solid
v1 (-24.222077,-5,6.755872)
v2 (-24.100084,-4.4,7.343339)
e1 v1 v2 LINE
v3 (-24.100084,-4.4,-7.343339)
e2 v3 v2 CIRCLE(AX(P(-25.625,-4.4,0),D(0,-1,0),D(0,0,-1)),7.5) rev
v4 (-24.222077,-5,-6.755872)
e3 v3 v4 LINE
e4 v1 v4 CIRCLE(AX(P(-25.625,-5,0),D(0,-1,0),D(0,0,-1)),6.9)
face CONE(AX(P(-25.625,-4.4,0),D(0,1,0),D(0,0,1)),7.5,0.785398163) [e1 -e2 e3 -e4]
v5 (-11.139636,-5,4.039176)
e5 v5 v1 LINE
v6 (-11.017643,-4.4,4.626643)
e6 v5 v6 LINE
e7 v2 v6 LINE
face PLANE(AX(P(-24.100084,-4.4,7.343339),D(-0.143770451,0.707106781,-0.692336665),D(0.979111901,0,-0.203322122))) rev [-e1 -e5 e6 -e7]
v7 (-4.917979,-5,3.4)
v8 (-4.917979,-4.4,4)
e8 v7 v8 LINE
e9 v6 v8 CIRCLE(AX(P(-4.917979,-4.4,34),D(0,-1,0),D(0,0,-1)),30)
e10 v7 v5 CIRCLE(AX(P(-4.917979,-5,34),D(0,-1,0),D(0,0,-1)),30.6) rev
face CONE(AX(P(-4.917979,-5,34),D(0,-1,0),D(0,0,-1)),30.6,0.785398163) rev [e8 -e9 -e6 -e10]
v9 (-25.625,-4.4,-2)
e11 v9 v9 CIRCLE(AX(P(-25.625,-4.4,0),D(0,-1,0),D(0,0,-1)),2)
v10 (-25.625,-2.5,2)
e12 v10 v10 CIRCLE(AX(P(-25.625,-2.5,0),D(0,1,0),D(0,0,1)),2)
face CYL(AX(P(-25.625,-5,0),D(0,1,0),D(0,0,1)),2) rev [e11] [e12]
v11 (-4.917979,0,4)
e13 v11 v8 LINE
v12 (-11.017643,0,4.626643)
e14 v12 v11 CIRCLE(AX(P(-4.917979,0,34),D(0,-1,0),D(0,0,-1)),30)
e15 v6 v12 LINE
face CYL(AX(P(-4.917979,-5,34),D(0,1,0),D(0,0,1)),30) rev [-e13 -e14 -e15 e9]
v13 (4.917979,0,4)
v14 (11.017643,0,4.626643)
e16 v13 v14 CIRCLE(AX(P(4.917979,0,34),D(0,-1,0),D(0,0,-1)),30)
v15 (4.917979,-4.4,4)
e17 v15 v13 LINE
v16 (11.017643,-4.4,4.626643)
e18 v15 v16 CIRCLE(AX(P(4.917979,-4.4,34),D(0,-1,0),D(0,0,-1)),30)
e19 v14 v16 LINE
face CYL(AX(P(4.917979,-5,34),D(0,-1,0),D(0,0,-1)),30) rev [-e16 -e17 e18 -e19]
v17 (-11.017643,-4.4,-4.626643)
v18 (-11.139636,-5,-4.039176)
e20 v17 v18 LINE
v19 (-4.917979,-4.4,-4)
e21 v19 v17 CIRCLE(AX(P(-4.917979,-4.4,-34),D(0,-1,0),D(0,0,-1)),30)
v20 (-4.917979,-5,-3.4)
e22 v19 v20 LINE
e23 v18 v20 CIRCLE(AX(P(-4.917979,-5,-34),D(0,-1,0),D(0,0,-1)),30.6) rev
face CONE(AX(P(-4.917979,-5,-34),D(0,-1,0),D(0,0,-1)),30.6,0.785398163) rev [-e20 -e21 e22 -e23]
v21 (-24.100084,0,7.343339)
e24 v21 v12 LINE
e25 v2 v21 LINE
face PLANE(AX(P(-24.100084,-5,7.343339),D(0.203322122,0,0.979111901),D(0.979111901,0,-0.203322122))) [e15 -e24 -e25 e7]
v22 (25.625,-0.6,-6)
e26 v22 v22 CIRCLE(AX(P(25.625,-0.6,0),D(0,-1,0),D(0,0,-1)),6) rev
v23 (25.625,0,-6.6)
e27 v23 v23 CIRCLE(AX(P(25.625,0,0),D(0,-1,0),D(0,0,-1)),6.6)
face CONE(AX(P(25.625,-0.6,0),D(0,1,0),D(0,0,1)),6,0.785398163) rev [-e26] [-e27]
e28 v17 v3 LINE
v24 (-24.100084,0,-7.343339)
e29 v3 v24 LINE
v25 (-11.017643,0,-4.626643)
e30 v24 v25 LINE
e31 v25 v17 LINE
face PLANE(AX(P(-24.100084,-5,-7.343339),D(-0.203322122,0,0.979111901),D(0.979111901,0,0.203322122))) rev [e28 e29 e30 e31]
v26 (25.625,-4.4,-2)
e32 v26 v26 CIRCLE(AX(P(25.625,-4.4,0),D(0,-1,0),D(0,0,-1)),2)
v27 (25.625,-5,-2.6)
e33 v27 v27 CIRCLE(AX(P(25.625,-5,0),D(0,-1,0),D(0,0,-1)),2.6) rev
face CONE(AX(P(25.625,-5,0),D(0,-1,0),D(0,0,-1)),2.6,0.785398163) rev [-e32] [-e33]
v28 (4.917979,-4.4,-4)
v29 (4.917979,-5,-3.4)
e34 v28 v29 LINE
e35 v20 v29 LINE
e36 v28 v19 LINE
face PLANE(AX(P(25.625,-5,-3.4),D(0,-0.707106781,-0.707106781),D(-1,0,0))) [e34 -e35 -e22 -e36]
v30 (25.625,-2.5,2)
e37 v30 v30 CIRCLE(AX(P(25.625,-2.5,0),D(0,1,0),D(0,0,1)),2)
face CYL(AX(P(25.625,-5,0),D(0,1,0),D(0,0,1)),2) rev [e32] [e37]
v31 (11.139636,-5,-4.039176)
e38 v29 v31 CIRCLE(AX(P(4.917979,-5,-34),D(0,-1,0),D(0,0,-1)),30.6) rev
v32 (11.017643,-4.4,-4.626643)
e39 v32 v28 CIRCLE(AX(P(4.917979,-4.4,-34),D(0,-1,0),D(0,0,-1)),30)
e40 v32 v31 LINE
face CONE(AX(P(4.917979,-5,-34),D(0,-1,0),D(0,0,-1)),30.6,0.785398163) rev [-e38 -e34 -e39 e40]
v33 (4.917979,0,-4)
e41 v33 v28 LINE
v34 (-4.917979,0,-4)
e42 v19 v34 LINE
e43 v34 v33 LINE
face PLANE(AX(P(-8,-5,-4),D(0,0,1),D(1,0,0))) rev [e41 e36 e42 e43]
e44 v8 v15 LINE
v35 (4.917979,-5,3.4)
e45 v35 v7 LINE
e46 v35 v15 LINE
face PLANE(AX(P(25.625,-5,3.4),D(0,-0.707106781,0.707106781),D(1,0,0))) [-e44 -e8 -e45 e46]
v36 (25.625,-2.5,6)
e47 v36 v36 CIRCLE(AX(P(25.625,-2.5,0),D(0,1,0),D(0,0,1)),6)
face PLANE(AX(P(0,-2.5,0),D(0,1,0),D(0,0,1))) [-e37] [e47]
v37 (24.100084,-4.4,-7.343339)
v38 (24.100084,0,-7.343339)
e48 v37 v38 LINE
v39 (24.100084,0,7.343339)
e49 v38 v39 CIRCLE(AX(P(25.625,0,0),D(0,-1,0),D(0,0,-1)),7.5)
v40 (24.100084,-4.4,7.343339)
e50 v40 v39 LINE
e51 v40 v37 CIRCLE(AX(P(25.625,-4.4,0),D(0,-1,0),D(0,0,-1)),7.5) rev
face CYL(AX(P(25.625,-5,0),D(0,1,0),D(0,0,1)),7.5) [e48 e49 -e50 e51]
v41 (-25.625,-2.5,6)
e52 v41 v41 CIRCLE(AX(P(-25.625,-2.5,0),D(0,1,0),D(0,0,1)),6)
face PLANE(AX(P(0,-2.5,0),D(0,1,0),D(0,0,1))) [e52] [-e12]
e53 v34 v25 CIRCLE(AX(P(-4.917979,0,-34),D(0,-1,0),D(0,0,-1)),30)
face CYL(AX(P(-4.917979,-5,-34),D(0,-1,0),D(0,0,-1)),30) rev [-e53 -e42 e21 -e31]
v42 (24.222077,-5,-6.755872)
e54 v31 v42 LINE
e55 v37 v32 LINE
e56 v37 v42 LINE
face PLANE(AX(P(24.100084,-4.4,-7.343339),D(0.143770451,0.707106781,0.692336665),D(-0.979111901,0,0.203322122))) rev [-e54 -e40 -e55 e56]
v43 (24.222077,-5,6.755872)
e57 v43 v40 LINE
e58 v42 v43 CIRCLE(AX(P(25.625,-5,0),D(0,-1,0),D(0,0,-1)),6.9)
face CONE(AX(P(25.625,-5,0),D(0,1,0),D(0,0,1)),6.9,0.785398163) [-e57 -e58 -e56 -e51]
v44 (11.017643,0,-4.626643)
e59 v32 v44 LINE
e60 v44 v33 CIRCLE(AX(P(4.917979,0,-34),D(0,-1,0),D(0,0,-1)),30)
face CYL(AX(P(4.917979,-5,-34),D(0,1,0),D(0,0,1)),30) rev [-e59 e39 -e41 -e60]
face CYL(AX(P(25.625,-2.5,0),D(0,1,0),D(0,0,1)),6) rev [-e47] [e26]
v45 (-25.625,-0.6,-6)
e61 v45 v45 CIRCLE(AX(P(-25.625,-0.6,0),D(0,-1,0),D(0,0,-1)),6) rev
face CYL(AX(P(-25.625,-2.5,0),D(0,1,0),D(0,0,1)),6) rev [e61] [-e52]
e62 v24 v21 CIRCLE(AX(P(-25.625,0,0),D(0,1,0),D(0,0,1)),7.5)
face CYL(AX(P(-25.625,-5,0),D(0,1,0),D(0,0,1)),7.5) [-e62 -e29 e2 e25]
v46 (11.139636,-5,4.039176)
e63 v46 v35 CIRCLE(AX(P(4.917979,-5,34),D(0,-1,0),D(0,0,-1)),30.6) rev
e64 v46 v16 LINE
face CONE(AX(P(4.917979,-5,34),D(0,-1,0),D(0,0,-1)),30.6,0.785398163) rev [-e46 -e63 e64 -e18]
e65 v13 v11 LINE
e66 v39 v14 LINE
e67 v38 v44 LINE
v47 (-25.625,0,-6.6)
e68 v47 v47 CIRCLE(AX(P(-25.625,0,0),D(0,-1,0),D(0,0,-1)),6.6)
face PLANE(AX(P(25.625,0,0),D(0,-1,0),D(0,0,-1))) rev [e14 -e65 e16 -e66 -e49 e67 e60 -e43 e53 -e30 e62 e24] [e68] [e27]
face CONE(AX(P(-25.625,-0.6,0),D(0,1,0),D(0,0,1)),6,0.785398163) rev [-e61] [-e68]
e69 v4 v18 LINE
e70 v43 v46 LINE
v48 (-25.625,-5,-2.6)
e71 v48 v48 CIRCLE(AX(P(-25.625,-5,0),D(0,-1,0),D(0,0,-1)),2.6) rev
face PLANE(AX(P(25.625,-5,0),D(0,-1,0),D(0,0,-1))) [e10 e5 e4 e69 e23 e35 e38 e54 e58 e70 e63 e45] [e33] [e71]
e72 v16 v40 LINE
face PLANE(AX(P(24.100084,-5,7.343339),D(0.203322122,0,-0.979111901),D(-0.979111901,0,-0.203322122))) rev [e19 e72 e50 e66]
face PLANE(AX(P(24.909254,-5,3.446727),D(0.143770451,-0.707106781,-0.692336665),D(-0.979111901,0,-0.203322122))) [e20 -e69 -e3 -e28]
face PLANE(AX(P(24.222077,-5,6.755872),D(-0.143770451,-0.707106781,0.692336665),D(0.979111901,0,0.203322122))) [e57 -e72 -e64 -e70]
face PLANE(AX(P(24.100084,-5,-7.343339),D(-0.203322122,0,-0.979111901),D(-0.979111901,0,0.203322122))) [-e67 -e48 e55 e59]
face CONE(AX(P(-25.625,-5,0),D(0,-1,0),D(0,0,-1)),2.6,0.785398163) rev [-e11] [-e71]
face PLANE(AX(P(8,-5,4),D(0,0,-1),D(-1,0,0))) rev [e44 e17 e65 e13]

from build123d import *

# Parameters (mm, degrees)
SKETCH1_R           = 2
BOSS_EXTRUDE1_DEPTH = 5
SKETCH1_3_R         = 6
SKETCH1_3_R_2       = 2
CUT_EXTRUDE1_DEPTH  = 2.5
FILLET1_R           = 30
CHAMFER1_SIZE       = 0.6
CHAMFER2_SIZE       = 0.6


with BuildPart() as part:
    # Sketch1 → Boss-Extrude1 (new body)
    with BuildSketch(Plane(origin=(0, 0, 0), x_dir=(1, 0, 0), z_dir=(0, 1, 0))):
        with BuildLine():
            Line((8, 4), (-8, 4))
            Line((-8, 4), (-24.100084087, 7.343339258))
            ThreePointArc((-24.100084087, 7.343339258), (-33.125, 0), (-24.100084087, -7.343339258))
            Line((-24.100084087, -7.343339258), (-8, -4))
            Line((-8, -4), (8, -4))
            Line((8, -4), (24.100084087, -7.343339258))
            ThreePointArc((24.100084087, -7.343339258), (33.125, 0), (24.100084087, 7.343339258))
            Line((24.100084087, 7.343339258), (8, 4))
        make_face()
        with Locations((-25.625, 0)):
            Circle(SKETCH1_R, mode=Mode.SUBTRACT)
        with Locations((25.625, 0)):
            Circle(SKETCH1_R, mode=Mode.SUBTRACT)
    extrude(amount=-BOSS_EXTRUDE1_DEPTH)

    # Sketch1<3> → Cut-Extrude1 (cut)
    # profile 1 of 2: a face of its own
    with BuildSketch(Plane(origin=(0, 0, 0), x_dir=(1, 0, 0), z_dir=(0, 1, 0))):
        with Locations((-25.625, 0)):
            Circle(SKETCH1_3_R)
        with Locations((-25.625, 0)):
            Circle(SKETCH1_3_R_2, mode=Mode.SUBTRACT)
    # profile 2 of 2: a face of its own
    with BuildSketch(Plane(origin=(0, 0, 0), x_dir=(1, 0, 0), z_dir=(0, 1, 0))):
        with Locations((25.625, 0)):
            Circle(SKETCH1_3_R)
        with Locations((25.625, 0)):
            Circle(SKETCH1_3_R_2, mode=Mode.SUBTRACT)
    extrude(amount=-CUT_EXTRUDE1_DEPTH, mode=Mode.SUBTRACT)

    # Fillet1
    fillet1_edges = [part.edges().sort_by_distance(p)[0] for p in [
        (8, -2.5, -4),
        (-8, -2.5, -4),
        (8, -2.5, 4),
        (-8, -2.5, 4),
    ]]
    fillet(fillet1_edges, radius=FILLET1_R)

    # Chamfer1
    chamfer1_edges = [part.edges().sort_by_distance(p)[0] for p in [
        (-33.125, -5, 0),
        (-17.558863569, -5, 5.984991113),
        (0, -5, 4),
        (17.558863569, -5, 5.984991113),
        (33.125, -5, 0),
        (17.558863569, -5, -5.984991113),
        (0, -5, -4),
        (-17.558863569, -5, -5.984991113),
        (-27.625, -5, 0),
        (23.625, -5, 0),
        (-7.983863369, -5, 4.157071935),
        (7.983863369, -5, 4.157071935),
        (7.983863369, -5, -4.157071935),
        (-7.983863369, -5, -4.157071935),
    ]]
    chamfer(chamfer1_edges, length=CHAMFER1_SIZE)

    # Chamfer2
    chamfer2_edges = [part.edges().sort_by_distance(p)[0] for p in [
        (19.625, 0, 0),
        (-31.625, 0, 0),
    ]]
    chamfer(chamfer2_edges, length=CHAMFER2_SIZE)


solid = part.part
